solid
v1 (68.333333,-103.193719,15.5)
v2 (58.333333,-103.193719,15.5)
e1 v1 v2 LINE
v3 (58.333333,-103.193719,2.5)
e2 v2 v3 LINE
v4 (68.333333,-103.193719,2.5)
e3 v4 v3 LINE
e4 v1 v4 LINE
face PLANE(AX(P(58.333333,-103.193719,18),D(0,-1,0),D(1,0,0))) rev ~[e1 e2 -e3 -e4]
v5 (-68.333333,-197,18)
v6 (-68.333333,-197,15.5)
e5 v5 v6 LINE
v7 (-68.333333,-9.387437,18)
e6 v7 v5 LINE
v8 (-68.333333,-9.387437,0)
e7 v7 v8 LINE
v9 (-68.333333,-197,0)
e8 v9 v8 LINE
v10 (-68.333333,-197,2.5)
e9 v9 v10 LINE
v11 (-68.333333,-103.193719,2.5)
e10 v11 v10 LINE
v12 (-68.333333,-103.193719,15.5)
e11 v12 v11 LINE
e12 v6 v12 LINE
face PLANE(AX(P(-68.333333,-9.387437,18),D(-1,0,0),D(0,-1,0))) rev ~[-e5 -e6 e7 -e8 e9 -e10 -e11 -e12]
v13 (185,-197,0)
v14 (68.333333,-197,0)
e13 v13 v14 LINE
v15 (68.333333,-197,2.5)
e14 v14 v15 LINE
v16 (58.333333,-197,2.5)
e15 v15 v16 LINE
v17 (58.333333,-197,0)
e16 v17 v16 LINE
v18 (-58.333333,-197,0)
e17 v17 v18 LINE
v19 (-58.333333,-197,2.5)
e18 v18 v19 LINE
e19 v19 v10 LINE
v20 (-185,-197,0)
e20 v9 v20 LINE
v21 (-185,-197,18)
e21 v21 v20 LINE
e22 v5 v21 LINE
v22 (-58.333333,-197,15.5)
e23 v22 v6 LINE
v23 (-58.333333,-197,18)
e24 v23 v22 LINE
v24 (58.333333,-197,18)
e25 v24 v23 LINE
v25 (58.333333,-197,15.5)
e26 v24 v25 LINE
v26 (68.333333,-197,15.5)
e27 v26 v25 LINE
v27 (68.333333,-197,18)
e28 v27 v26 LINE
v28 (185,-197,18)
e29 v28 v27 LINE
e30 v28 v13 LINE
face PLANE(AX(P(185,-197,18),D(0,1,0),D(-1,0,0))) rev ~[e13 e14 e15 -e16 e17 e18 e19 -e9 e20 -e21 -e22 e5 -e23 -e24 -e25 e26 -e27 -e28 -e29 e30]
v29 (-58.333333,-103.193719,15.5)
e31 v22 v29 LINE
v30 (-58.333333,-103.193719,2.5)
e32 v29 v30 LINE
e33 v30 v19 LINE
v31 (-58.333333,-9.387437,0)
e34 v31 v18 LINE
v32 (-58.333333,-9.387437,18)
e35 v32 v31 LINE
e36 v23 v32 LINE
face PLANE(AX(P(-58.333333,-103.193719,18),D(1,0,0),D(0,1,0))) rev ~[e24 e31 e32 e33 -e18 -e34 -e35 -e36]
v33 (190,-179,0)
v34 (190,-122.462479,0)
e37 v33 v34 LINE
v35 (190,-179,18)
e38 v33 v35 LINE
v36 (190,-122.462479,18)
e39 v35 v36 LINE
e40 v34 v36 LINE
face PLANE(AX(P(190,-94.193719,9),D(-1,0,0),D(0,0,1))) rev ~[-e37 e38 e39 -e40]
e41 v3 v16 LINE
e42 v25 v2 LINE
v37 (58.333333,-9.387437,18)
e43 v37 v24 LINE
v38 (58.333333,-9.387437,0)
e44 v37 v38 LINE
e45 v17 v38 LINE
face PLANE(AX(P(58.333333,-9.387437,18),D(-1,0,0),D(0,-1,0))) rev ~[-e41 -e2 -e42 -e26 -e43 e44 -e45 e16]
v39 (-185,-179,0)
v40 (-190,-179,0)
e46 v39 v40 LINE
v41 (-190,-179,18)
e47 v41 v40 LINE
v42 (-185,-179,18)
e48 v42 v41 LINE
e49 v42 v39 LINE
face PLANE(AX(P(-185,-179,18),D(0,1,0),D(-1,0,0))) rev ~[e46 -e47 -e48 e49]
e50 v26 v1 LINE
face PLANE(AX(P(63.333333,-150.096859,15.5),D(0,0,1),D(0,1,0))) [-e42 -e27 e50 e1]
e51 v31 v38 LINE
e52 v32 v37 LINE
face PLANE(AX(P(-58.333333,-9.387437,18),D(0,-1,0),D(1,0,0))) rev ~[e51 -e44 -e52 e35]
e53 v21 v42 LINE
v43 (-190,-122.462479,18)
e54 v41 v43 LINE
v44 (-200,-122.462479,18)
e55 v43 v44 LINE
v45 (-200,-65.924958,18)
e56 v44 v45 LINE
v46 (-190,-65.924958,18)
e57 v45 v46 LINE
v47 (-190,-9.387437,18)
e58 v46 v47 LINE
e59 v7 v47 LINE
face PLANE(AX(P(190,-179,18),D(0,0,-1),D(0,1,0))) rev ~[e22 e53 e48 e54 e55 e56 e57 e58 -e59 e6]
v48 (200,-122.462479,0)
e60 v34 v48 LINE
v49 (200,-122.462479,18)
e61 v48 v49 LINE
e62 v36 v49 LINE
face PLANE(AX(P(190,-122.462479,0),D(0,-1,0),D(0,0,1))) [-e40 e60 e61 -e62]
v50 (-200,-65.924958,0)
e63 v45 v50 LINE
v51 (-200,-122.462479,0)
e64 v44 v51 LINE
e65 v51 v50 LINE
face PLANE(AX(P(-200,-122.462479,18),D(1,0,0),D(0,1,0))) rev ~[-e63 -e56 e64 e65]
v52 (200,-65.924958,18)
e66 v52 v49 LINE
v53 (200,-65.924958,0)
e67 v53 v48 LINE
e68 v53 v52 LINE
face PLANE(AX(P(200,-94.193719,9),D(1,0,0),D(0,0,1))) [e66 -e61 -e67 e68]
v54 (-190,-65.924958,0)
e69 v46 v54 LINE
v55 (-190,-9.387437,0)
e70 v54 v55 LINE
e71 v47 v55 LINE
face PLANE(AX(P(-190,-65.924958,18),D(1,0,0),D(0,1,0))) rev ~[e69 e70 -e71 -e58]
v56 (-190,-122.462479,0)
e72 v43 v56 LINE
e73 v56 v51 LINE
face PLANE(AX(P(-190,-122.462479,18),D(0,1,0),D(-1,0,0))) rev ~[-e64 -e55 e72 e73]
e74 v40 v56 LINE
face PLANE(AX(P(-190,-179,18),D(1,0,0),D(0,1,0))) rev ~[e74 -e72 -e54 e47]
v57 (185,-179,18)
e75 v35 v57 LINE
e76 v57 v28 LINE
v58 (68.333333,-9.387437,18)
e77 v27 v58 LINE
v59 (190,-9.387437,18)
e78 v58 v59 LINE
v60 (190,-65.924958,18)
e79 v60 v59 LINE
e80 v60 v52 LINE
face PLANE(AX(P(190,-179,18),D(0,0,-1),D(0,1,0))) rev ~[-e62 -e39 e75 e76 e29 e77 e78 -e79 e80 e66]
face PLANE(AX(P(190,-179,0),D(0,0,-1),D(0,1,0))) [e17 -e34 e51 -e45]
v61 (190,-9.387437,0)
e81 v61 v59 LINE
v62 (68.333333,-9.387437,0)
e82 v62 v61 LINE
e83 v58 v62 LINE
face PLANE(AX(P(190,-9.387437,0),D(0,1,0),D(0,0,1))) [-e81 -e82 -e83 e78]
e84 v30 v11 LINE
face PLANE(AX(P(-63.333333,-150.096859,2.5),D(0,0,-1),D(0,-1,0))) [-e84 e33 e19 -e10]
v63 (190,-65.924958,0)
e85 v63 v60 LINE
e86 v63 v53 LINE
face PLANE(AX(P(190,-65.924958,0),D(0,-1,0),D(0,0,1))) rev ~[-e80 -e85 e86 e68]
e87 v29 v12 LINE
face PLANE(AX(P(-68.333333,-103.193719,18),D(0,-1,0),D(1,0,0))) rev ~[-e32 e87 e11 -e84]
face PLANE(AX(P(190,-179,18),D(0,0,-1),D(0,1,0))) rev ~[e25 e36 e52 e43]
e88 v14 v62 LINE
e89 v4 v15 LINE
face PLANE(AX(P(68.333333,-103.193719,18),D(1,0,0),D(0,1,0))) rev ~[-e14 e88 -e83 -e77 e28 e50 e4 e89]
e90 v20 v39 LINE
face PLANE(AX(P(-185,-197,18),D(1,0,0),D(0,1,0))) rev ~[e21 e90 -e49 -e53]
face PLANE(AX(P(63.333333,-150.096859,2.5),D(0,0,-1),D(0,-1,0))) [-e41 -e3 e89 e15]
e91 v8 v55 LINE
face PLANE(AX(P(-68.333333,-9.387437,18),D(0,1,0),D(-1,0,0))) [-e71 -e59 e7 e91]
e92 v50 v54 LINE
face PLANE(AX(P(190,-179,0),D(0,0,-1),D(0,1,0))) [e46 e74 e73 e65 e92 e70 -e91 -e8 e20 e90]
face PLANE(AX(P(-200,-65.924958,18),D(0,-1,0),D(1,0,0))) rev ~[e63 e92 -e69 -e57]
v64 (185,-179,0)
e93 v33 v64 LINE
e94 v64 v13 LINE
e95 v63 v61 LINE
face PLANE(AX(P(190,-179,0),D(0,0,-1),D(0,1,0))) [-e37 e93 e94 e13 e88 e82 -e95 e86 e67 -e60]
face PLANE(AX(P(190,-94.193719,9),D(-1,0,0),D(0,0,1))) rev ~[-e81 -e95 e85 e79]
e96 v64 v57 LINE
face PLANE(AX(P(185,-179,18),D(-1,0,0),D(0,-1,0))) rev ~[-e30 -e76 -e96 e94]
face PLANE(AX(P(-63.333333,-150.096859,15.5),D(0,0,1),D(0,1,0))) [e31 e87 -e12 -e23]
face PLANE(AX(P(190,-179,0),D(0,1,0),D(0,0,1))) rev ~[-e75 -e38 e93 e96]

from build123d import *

# Parameters (mm, degrees)
SKETCH004_W              = 18
SKETCH004_H              = 169.6125627158
PAD003_DEPTH             = 5
SKETCH005_W              = 18
SKETCH005_H              = 56.5375209053
PAD004_DEPTH             = 10
PAD005_DEPTH             = 18
SKETCH007_W              = 93.8062813579
SKETCH007_H              = 10
POCKET_DEPTH             = 2.5
SKETCH008_W              = 93.8062813579
SKETCH008_H              = 10
POCKET001_DEPTH          = 2.5
CLONE011_PLACEMENT_ANGLE = 90


with BuildPart() as part:
    # Sketch004 → Pad003 (new body)
    with BuildSketch(Plane.XY):
        with Locations((0, -97.1937186421)):
            Rectangle(SKETCH004_W, SKETCH004_H)
    extrude(amount=PAD003_DEPTH)

    # Sketch005 (on Face5 of Pad003) → Pad004 (join)
    with BuildSketch(Plane(origin=(0, 0, 0), x_dir=(1, 0, 0), z_dir=(0, 0, -1))):
        with Locations((0, 97.1937186421)):
            Rectangle(SKETCH005_W, SKETCH005_H)
    extrude(amount=PAD004_DEPTH)

    # Sketch006 (on Face9 of Pad004) → Pad005 (join)
    with BuildSketch(Plane.YZ.offset(9)):
        Polygon((-12.3874372842, 0), (-68.9249581895, 0), (-68.9249581895, -10), (-125.4624790947, -10), (-125.4624790947, 0), (-182, 0), (-182, 5), (-200, 5), (-200, 375), (-182, 375), (-182, 380), (-125.4624790947, 380), (-125.4624790947, 390), (-68.9249581895, 390), (-68.9249581895, 380), (-12.3874372842, 380), (-12.3874372842, 375), (-12.3874372842, 258.3333333333), (-106.1937186421, 258.3333333333), (-106.1937186421, 248.3333333333), (-12.3874372842, 248.3333333333), (-12.3874372842, 131.6666666667), (-106.1937186421, 131.6666666667), (-106.1937186421, 121.6666666667), (-12.3874372842, 121.6666666667), (-12.3874372842, 5), align=None)
    extrude(amount=-PAD005_DEPTH)

    # Sketch007 (on Face11 of Pad005) → Pocket (cut)
    with BuildSketch(Plane.YZ.offset(9)):
        with Locations((-153.0968593211, 253.3333333333)):
            Rectangle(SKETCH007_W, SKETCH007_H)
        with Locations((-153.0968593211, 126.6666666667)):
            Rectangle(SKETCH007_W, SKETCH007_H)
    extrude(amount=-POCKET_DEPTH, mode=Mode.SUBTRACT)

    # Sketch008 (on Face9 of Pocket) → Pocket001 (cut)
    with BuildSketch(Plane(origin=(-9, 0, 0), x_dir=(0, -1, 0), z_dir=(-1, 0, 0))):
        with Locations((153.0968593211, 126.6666666667)):
            Rectangle(SKETCH008_W, SKETCH008_H)
        with Locations((153.0968593211, 253.3333333333)):
            Rectangle(SKETCH008_W, SKETCH008_H)
    extrude(amount=-POCKET001_DEPTH, mode=Mode.SUBTRACT)


with BuildPart() as part_1:
    # Body004 placement: moved
    add(part.part.moved(Location((0, 0, 13))))


with BuildPart() as part_2:
    # Clone011 placement: moved
    add(part_1.part.moved(Location((203, 3, 9))).rotate(Axis((203, 3, 9), (0, -1, 0)), CLONE011_PLACEMENT_ANGLE))


solid = part_2.part
